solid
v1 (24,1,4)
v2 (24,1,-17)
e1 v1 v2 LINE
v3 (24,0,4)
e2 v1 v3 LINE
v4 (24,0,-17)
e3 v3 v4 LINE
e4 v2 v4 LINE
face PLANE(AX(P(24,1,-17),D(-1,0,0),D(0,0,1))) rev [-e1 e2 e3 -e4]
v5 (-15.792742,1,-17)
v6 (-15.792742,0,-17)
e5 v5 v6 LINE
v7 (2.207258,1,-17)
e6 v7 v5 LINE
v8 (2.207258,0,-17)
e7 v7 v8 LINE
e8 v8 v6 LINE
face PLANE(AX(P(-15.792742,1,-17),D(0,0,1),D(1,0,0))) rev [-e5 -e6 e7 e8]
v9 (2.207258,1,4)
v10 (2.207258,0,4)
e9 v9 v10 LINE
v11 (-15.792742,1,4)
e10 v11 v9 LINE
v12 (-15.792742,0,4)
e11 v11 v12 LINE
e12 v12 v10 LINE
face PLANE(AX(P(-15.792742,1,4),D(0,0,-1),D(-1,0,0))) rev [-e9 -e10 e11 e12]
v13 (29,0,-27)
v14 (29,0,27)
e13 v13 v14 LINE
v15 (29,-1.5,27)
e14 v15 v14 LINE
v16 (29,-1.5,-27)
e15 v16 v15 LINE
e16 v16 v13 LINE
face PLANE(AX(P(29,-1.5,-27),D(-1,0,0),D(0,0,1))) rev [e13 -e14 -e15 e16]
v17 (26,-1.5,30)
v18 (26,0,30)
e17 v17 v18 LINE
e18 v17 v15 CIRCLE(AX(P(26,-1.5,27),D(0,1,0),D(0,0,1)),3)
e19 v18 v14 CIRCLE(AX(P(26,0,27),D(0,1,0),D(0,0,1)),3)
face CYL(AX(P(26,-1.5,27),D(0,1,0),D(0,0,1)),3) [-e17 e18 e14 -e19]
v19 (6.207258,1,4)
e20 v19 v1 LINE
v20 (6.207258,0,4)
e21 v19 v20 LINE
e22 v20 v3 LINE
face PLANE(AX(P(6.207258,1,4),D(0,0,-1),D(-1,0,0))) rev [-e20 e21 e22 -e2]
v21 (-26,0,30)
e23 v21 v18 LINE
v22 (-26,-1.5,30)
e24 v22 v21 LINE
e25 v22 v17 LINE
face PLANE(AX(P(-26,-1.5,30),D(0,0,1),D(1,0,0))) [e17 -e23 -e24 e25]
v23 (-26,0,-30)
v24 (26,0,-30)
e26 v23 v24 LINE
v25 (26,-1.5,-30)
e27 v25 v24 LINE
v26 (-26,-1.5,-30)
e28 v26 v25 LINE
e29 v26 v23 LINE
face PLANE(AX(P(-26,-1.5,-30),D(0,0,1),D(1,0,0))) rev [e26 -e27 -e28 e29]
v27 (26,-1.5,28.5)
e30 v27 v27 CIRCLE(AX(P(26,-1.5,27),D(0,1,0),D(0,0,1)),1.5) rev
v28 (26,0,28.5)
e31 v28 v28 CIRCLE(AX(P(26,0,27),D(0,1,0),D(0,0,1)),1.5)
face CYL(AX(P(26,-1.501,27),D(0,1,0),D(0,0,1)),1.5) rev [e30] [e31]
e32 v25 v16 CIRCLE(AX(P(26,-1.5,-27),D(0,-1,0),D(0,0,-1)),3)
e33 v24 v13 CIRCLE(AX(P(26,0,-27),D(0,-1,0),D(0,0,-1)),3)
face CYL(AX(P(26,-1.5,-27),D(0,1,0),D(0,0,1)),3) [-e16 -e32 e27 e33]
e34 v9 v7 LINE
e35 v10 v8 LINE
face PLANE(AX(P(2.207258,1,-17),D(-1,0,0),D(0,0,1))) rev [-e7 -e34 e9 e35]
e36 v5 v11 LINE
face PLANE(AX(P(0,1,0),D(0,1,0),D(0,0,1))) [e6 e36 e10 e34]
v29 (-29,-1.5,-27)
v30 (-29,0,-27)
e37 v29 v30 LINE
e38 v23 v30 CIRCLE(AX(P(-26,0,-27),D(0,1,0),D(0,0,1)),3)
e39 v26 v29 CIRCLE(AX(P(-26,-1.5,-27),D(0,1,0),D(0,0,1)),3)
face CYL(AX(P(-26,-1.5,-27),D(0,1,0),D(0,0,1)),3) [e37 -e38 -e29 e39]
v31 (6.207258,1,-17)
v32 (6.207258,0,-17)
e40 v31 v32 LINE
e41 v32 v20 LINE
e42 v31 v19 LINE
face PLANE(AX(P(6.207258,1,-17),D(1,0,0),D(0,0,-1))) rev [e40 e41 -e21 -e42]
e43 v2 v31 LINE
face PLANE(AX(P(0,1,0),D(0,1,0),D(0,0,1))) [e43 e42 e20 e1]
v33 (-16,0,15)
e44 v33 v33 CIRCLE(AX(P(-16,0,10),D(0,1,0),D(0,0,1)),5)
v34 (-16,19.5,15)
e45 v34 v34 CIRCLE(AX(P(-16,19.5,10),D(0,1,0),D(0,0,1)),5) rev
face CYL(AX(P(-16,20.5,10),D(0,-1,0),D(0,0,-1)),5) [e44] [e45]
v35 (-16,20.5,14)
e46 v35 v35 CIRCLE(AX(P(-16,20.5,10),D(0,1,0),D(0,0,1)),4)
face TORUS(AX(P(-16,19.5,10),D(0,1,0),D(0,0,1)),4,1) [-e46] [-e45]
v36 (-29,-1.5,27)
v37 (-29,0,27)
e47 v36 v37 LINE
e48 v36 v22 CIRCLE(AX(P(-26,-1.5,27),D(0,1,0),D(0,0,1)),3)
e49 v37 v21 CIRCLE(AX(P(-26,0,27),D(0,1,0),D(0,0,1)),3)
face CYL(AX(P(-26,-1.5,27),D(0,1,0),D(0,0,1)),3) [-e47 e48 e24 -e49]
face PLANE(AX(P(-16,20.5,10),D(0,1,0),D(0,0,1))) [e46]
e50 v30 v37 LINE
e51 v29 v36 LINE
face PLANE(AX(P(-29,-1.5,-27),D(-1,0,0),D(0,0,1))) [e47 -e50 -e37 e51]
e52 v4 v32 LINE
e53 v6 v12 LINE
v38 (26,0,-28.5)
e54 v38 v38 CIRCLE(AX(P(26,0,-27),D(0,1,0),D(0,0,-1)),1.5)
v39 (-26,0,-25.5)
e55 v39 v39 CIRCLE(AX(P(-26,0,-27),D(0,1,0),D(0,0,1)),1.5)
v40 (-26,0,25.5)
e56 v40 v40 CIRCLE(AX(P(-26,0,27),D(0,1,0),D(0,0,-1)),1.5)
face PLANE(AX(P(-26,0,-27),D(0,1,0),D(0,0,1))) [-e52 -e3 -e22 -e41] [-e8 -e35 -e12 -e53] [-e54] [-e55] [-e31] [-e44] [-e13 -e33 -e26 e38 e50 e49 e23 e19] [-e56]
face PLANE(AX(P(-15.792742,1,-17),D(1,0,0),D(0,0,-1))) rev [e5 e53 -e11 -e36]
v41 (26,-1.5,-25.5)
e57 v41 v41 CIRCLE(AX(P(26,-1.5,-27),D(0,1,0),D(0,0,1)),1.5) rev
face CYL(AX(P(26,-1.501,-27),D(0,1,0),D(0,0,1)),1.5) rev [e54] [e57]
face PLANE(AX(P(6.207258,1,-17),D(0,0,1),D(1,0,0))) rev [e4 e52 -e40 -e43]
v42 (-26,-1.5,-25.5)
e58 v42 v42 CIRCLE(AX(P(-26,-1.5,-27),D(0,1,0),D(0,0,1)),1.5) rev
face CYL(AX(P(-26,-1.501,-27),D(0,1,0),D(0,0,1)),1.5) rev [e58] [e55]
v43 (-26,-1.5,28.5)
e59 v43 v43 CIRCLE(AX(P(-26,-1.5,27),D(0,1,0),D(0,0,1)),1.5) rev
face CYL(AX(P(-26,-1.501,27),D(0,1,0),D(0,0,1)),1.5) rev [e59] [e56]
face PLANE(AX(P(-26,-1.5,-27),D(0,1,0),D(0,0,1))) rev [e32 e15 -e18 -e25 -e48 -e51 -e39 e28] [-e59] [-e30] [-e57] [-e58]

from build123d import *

# Parameters (mm, degrees)
BOSS_EXTRUDE2_DEPTH = 1.5
SKETCH3_W           = 17.792742237
SKETCH3_H           = 21
SKETCH3_W_2         = 18
BOSS_EXTRUDE4_DEPTH = 1
SKETCH5_R           = 5
BOSS_EXTRUDE6_DEPTH = 20.5
FILLET4_R           = 1
CUT_EXTRUDE1_REACH  = 3.5
SKETCH6_R           = 1.5


with BuildPart() as part:
    # Sketch1 → Boss-Extrude2 (new body)
    with BuildSketch(Plane(origin=(0, 0, 0), x_dir=(1, 0, 0), z_dir=(0, 1, 0))):
        with BuildLine():
            Line((-26, 30), (26, 30))
            ThreePointArc((26, 30), (28.121320344, 29.121320344), (29, 27))
            Line((29, 27), (29, -27))
            ThreePointArc((29, -27), (28.121320344, -29.121320344), (26, -30))
            Line((26, -30), (-26, -30))
            ThreePointArc((-26, -30), (-28.121320344, -29.121320344), (-29, -27))
            Line((-29, -27), (-29, 27))
            ThreePointArc((-29, 27), (-28.121320344, 29.121320344), (-26, 30))
        make_face()
    extrude(amount=-BOSS_EXTRUDE2_DEPTH)

    # Sketch3 → Boss-Extrude4 (add)
    with BuildSketch(Plane(origin=(0, 0, 0), x_dir=(1, 0, 0), z_dir=(0, 1, 0))):
        with Locations((15.103628882, 6.5)):
            Rectangle(SKETCH3_W, SKETCH3_H)
        with Locations((-6.792742237, 6.5)):
            Rectangle(SKETCH3_W_2, SKETCH3_H)
    extrude(amount=BOSS_EXTRUDE4_DEPTH)

    # Sketch5 → Boss-Extrude6 (add)
    with BuildSketch(Plane(origin=(0, 0, 0), x_dir=(1, 0, 0), z_dir=(0, 1, 0))):
        with Locations((-16, -10)):
            Circle(SKETCH5_R)
    extrude(amount=BOSS_EXTRUDE6_DEPTH)

    # Fillet4
    fillet4_edges = [part.edges().sort_by_distance(p)[0] for p in [
        (-21, 20.5, 10),
    ]]
    fillet(fillet4_edges, radius=FILLET4_R)

    # Sketch6 → Cut-Extrude1 (cut, up to next)
    with BuildSketch(Plane(origin=(0, 0, 0), x_dir=(1, 0, 0), z_dir=(0, 1, 0)), mode=Mode.PRIVATE) as cut_extrude1_sk1:
        with Locations((-26, 27)):
            Circle(SKETCH6_R)
    cut_extrude1_tool1 = extrude(cut_extrude1_sk1.sketch, amount=-CUT_EXTRUDE1_REACH, mode=Mode.PRIVATE) & part.part
    add(cut_extrude1_tool1.solids().sort_by_distance((-26, 0, -27))[0], mode=Mode.SUBTRACT)
    # Sketch6 → Cut-Extrude1 (cut, up to next)
    with BuildSketch(Plane(origin=(0, 0, 0), x_dir=(1, 0, 0), z_dir=(0, 1, 0)), mode=Mode.PRIVATE) as cut_extrude1_sk2:
        with Locations((26, 27)):
            Circle(SKETCH6_R)
    cut_extrude1_tool2 = extrude(cut_extrude1_sk2.sketch, amount=-CUT_EXTRUDE1_REACH, mode=Mode.PRIVATE) & part.part
    add(cut_extrude1_tool2.solids().sort_by_distance((26, 0, -27))[0], mode=Mode.SUBTRACT)
    # Sketch6 → Cut-Extrude1 (cut, up to next)
    with BuildSketch(Plane(origin=(0, 0, 0), x_dir=(1, 0, 0), z_dir=(0, 1, 0)), mode=Mode.PRIVATE) as cut_extrude1_sk3:
        with Locations((-26, -27)):
            Circle(SKETCH6_R)
    cut_extrude1_tool3 = extrude(cut_extrude1_sk3.sketch, amount=-CUT_EXTRUDE1_REACH, mode=Mode.PRIVATE) & part.part
    add(cut_extrude1_tool3.solids().sort_by_distance((-26, 0, 27))[0], mode=Mode.SUBTRACT)
    # Sketch6 → Cut-Extrude1 (cut, up to next)
    with BuildSketch(Plane(origin=(0, 0, 0), x_dir=(1, 0, 0), z_dir=(0, 1, 0)), mode=Mode.PRIVATE) as cut_extrude1_sk4:
        with Locations((26, -27)):
            Circle(SKETCH6_R)
    cut_extrude1_tool4 = extrude(cut_extrude1_sk4.sketch, amount=-CUT_EXTRUDE1_REACH, mode=Mode.PRIVATE) & part.part
    add(cut_extrude1_tool4.solids().sort_by_distance((26, 0, 27))[0], mode=Mode.SUBTRACT)


solid = part.part
